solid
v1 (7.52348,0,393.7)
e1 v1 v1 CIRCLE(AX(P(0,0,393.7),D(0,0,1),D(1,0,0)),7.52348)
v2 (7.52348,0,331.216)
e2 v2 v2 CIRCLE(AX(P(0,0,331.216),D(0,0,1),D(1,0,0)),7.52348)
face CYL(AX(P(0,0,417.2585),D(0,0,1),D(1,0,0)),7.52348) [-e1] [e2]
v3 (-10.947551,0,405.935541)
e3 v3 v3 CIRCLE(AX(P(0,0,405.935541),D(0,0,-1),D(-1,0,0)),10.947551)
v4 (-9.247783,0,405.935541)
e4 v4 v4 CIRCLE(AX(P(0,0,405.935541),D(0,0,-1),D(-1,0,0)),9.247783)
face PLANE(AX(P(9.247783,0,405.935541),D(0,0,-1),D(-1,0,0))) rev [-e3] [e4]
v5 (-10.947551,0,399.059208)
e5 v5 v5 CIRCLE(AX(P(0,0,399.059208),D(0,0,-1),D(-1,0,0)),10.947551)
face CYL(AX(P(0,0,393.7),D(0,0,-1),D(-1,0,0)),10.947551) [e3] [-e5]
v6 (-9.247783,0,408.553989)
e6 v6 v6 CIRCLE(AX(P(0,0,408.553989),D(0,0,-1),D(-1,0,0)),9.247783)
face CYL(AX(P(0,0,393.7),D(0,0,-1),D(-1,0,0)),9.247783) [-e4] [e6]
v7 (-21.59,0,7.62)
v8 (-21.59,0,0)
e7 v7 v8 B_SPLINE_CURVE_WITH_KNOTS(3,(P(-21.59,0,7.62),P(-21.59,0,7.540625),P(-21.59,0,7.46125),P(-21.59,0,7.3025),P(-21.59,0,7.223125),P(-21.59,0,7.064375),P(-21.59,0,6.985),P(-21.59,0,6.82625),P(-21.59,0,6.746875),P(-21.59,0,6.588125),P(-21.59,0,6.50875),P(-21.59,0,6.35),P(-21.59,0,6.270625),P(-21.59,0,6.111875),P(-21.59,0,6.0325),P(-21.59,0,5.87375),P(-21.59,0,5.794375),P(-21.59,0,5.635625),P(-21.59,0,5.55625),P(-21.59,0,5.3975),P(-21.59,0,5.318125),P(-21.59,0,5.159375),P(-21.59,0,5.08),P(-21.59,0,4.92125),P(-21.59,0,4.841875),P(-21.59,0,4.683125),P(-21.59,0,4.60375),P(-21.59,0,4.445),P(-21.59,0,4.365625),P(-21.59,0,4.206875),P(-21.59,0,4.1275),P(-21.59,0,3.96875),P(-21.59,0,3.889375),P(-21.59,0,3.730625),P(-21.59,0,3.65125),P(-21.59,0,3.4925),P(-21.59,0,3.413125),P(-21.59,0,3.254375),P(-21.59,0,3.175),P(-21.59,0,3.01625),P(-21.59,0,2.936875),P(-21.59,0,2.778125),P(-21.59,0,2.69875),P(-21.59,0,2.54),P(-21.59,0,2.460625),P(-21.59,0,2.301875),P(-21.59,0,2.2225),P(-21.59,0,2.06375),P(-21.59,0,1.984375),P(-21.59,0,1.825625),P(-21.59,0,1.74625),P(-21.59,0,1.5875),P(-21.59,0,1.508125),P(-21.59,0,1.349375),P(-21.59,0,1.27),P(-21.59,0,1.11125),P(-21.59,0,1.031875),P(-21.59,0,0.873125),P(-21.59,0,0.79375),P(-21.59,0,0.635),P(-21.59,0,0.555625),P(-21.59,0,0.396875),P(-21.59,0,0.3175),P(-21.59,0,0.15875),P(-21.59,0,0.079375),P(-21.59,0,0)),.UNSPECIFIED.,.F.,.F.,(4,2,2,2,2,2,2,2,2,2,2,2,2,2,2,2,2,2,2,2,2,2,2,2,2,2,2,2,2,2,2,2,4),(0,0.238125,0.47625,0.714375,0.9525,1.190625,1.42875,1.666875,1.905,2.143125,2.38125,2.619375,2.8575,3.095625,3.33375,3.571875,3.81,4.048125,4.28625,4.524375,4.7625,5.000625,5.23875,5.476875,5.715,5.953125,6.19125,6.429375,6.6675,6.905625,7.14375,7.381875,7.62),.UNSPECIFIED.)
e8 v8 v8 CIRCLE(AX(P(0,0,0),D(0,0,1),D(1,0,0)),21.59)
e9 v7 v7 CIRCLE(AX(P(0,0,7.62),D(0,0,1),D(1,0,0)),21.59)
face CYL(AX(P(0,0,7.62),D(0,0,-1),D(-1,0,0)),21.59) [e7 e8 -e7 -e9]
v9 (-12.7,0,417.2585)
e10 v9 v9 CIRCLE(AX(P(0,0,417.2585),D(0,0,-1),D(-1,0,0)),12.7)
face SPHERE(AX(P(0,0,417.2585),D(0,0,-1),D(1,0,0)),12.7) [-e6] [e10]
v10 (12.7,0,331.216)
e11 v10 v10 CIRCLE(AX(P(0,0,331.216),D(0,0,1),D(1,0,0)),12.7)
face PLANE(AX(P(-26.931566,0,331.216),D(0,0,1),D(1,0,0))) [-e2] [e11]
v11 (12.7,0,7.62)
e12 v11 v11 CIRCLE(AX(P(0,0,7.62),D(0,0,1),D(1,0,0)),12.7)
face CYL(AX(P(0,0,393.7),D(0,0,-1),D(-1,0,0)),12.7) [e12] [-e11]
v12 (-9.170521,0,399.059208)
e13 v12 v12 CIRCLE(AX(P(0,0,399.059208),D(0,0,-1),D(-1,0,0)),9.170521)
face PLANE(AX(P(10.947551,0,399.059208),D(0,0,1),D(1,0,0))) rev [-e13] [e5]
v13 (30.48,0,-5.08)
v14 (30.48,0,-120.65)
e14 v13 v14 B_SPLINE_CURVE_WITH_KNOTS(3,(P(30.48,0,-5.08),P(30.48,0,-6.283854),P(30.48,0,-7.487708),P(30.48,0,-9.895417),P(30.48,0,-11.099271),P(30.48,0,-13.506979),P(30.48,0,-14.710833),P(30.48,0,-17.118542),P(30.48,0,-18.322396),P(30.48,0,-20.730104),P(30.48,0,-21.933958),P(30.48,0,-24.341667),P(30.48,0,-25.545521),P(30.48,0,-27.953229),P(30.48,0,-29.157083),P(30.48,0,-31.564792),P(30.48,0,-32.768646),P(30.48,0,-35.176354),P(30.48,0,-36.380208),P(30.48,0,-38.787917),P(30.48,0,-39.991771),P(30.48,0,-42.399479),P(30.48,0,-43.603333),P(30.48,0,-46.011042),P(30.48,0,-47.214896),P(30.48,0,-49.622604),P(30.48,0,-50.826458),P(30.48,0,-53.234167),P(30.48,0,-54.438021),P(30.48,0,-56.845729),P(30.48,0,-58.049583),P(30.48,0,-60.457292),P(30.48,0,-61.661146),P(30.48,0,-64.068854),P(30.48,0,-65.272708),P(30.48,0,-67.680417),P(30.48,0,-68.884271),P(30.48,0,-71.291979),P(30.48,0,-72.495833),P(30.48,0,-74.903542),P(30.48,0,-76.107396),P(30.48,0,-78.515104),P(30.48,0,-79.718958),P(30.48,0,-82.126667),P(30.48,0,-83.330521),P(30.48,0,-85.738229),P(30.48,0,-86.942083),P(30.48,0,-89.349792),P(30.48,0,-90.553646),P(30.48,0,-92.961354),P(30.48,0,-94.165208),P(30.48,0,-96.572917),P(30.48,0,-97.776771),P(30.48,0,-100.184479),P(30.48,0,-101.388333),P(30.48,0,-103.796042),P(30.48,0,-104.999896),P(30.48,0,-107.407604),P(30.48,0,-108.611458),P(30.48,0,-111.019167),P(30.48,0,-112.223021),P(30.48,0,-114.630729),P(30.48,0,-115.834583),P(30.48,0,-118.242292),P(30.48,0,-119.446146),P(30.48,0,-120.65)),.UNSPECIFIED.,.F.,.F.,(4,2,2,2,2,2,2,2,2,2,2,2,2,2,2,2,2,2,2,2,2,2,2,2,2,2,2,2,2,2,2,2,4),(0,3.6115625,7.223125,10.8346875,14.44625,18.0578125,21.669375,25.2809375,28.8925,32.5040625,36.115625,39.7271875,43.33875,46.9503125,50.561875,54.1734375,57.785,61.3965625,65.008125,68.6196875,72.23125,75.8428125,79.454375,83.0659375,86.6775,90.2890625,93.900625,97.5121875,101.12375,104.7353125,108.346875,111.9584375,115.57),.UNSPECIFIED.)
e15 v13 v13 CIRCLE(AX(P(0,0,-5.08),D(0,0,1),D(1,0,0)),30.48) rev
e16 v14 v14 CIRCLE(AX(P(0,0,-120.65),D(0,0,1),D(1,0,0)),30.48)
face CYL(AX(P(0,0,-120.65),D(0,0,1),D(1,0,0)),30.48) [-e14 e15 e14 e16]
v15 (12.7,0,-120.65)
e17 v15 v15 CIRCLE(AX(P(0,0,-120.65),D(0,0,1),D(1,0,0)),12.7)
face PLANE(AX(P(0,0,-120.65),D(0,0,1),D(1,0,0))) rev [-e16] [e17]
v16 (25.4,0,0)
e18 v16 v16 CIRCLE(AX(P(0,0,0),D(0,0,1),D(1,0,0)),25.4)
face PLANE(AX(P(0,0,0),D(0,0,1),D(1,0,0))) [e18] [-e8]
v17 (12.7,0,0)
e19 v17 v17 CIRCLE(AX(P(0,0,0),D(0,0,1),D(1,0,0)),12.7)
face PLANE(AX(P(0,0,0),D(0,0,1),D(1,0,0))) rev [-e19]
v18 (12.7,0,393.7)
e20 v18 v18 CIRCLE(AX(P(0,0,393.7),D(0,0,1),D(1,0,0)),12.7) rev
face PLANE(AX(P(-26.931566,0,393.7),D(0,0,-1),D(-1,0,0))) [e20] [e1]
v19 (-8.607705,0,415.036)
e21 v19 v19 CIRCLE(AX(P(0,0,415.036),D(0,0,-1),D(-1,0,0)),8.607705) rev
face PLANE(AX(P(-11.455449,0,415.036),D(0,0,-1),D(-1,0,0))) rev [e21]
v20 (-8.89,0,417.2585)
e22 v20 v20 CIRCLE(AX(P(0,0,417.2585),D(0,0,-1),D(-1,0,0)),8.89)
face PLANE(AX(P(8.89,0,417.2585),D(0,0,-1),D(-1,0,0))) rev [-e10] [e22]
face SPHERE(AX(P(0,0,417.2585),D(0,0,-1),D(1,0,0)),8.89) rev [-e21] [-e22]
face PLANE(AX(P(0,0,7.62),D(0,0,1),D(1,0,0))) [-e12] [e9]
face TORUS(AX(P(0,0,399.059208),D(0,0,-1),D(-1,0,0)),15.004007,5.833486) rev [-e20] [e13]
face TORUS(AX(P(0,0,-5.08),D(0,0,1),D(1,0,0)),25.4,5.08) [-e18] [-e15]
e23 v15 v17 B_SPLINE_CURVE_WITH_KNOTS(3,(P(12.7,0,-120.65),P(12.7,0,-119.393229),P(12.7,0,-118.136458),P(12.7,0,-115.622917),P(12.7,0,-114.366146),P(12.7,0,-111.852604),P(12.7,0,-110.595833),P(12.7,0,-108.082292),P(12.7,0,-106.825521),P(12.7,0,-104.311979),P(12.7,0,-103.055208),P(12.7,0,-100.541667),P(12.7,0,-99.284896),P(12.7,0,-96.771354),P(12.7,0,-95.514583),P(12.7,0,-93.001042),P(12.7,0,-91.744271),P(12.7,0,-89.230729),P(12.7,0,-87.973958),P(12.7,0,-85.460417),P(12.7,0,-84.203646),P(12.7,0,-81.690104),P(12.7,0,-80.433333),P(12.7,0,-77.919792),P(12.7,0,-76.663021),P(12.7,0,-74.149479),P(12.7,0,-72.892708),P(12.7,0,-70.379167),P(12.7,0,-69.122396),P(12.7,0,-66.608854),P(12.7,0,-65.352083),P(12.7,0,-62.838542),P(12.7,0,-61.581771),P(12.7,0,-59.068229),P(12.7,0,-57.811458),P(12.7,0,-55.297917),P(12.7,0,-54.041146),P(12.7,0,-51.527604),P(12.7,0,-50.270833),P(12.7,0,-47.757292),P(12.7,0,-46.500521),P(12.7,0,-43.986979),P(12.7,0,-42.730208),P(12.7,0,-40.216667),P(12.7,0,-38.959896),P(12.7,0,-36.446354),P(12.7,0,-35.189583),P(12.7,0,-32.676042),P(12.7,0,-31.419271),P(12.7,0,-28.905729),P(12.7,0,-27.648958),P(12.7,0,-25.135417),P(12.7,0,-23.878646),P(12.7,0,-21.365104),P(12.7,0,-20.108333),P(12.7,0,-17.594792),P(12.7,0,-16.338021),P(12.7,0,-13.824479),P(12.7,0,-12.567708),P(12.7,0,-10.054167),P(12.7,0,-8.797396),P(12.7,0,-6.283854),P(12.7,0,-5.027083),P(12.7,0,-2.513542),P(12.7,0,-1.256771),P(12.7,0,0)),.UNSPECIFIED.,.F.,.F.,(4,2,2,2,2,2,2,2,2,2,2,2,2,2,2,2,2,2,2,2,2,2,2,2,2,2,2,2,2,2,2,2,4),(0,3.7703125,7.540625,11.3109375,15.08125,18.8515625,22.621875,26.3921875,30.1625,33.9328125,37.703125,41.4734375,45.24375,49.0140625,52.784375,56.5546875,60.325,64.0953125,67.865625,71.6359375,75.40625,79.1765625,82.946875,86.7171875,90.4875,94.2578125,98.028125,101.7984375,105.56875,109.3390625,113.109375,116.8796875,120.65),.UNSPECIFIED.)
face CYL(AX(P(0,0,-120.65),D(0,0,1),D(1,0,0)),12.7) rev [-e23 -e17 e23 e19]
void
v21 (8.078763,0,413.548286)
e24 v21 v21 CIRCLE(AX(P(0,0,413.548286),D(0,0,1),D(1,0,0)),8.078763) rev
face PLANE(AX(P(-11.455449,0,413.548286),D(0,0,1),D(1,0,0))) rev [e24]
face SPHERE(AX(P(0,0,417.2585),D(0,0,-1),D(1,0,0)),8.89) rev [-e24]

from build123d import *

# Parameters (mm, degrees)
SKETCH1_R           = 12.7
BOSS_EXTRUDE1_DEPTH = 393.7
SKETCH1_3_R         = 30.48
SKETCH1_3_R_2       = 12.7
BOSS_EXTRUDE2_DEPTH = 120.65
FILLET1_R           = 5.08
SKETCH2_R           = 21.59
BOSS_EXTRUDE3_DEPTH = 7.62
SKETCH4_W           = 11.455449348
SKETCH4_H           = 1.487714446
SKETCH5_W           = 19.408085654
SKETCH5_H           = 62.484


with BuildPart() as part:
    # Sketch1 → Boss-Extrude1 (new body)
    with BuildSketch(Plane.XY):
        Circle(SKETCH1_R)
    extrude(amount=BOSS_EXTRUDE1_DEPTH)



with BuildPart() as body_2:
    # Sketch1<3> → Boss-Extrude2 (new body)
    with BuildSketch(Plane.XY):
        Circle(SKETCH1_3_R)
        Circle(SKETCH1_3_R_2, mode=Mode.SUBTRACT)
    extrude(amount=-BOSS_EXTRUDE2_DEPTH)

    # Fillet1
    fillet1_edges = [body_2.edges().sort_by_distance(p)[0] for p in [
        (-30.48, 0, 0),
    ]]
    fillet(fillet1_edges, radius=FILLET1_R)


with BuildPart() as part_1:
    add(part.part)

    add(body_2.part)  # Boss-Extrude3 merges body 2
    # Sketch2 → Boss-Extrude3 (add)
    with BuildSketch(Plane.XY):
        Circle(SKETCH2_R)
    extrude(amount=BOSS_EXTRUDE3_DEPTH)

    # Sketch3 → Revolve2 (revolve)
    with BuildSketch(Plane(origin=(0, 0, 0), x_dir=(1, 0, 0), z_dir=(0, 1, 0))):
        with BuildLine():
            Line((12.7, -393.7), (0, -393.7))
            Line((0, -393.7), (0, -408.3685))
            ThreePointArc((0, -408.3685), (6.286179285, -410.972320715), (8.89, -417.2585))
            Line((8.89, -417.2585), (12.7, -417.2585))
            ThreePointArc((12.7, -417.2585), (11.805440428, -412.576451698), (9.247783259, -408.5539894))
            Line((9.247783259, -408.5539894), (9.247783259, -405.935541368))
            Line((9.247783259, -405.935541368), (10.947551139, -405.935541368))
            Line((10.947551139, -405.935541368), (10.947551139, -399.059207672))
            Line((10.947551139, -399.059207672), (9.170521083, -399.059207672))
            ThreePointArc((9.170521083, -399.059207672), (10.132151594, -395.850690557), (12.7, -393.7))
        make_face()
    revolve(axis=Axis((0, 0, 393.7), (0, 0, 1)))

    # Sketch4 → Revolve3 (revolve)
    with BuildSketch(Plane(origin=(0, 0, 0), x_dir=(1, 0, 0), z_dir=(0, 1, 0))):
        with Locations((-5.727724674, -414.292142777)):
            Rectangle(SKETCH4_W, SKETCH4_H)
    revolve(axis=Axis((0, 0, 393.7), (0, 0, 1)))

    # Sketch5 → Cut-Revolve1 (revolve, cut)
    with BuildSketch(Plane(origin=(0, 0, 0), x_dir=(1, 0, 0), z_dir=(0, 1, 0))):
        with Locations((-17.227522827, -362.458)):
            Rectangle(SKETCH5_W, SKETCH5_H)
    revolve(axis=Axis((0, 0, 417.2585), (0, 0, -1)), mode=Mode.SUBTRACT)


solid = part_1.part
